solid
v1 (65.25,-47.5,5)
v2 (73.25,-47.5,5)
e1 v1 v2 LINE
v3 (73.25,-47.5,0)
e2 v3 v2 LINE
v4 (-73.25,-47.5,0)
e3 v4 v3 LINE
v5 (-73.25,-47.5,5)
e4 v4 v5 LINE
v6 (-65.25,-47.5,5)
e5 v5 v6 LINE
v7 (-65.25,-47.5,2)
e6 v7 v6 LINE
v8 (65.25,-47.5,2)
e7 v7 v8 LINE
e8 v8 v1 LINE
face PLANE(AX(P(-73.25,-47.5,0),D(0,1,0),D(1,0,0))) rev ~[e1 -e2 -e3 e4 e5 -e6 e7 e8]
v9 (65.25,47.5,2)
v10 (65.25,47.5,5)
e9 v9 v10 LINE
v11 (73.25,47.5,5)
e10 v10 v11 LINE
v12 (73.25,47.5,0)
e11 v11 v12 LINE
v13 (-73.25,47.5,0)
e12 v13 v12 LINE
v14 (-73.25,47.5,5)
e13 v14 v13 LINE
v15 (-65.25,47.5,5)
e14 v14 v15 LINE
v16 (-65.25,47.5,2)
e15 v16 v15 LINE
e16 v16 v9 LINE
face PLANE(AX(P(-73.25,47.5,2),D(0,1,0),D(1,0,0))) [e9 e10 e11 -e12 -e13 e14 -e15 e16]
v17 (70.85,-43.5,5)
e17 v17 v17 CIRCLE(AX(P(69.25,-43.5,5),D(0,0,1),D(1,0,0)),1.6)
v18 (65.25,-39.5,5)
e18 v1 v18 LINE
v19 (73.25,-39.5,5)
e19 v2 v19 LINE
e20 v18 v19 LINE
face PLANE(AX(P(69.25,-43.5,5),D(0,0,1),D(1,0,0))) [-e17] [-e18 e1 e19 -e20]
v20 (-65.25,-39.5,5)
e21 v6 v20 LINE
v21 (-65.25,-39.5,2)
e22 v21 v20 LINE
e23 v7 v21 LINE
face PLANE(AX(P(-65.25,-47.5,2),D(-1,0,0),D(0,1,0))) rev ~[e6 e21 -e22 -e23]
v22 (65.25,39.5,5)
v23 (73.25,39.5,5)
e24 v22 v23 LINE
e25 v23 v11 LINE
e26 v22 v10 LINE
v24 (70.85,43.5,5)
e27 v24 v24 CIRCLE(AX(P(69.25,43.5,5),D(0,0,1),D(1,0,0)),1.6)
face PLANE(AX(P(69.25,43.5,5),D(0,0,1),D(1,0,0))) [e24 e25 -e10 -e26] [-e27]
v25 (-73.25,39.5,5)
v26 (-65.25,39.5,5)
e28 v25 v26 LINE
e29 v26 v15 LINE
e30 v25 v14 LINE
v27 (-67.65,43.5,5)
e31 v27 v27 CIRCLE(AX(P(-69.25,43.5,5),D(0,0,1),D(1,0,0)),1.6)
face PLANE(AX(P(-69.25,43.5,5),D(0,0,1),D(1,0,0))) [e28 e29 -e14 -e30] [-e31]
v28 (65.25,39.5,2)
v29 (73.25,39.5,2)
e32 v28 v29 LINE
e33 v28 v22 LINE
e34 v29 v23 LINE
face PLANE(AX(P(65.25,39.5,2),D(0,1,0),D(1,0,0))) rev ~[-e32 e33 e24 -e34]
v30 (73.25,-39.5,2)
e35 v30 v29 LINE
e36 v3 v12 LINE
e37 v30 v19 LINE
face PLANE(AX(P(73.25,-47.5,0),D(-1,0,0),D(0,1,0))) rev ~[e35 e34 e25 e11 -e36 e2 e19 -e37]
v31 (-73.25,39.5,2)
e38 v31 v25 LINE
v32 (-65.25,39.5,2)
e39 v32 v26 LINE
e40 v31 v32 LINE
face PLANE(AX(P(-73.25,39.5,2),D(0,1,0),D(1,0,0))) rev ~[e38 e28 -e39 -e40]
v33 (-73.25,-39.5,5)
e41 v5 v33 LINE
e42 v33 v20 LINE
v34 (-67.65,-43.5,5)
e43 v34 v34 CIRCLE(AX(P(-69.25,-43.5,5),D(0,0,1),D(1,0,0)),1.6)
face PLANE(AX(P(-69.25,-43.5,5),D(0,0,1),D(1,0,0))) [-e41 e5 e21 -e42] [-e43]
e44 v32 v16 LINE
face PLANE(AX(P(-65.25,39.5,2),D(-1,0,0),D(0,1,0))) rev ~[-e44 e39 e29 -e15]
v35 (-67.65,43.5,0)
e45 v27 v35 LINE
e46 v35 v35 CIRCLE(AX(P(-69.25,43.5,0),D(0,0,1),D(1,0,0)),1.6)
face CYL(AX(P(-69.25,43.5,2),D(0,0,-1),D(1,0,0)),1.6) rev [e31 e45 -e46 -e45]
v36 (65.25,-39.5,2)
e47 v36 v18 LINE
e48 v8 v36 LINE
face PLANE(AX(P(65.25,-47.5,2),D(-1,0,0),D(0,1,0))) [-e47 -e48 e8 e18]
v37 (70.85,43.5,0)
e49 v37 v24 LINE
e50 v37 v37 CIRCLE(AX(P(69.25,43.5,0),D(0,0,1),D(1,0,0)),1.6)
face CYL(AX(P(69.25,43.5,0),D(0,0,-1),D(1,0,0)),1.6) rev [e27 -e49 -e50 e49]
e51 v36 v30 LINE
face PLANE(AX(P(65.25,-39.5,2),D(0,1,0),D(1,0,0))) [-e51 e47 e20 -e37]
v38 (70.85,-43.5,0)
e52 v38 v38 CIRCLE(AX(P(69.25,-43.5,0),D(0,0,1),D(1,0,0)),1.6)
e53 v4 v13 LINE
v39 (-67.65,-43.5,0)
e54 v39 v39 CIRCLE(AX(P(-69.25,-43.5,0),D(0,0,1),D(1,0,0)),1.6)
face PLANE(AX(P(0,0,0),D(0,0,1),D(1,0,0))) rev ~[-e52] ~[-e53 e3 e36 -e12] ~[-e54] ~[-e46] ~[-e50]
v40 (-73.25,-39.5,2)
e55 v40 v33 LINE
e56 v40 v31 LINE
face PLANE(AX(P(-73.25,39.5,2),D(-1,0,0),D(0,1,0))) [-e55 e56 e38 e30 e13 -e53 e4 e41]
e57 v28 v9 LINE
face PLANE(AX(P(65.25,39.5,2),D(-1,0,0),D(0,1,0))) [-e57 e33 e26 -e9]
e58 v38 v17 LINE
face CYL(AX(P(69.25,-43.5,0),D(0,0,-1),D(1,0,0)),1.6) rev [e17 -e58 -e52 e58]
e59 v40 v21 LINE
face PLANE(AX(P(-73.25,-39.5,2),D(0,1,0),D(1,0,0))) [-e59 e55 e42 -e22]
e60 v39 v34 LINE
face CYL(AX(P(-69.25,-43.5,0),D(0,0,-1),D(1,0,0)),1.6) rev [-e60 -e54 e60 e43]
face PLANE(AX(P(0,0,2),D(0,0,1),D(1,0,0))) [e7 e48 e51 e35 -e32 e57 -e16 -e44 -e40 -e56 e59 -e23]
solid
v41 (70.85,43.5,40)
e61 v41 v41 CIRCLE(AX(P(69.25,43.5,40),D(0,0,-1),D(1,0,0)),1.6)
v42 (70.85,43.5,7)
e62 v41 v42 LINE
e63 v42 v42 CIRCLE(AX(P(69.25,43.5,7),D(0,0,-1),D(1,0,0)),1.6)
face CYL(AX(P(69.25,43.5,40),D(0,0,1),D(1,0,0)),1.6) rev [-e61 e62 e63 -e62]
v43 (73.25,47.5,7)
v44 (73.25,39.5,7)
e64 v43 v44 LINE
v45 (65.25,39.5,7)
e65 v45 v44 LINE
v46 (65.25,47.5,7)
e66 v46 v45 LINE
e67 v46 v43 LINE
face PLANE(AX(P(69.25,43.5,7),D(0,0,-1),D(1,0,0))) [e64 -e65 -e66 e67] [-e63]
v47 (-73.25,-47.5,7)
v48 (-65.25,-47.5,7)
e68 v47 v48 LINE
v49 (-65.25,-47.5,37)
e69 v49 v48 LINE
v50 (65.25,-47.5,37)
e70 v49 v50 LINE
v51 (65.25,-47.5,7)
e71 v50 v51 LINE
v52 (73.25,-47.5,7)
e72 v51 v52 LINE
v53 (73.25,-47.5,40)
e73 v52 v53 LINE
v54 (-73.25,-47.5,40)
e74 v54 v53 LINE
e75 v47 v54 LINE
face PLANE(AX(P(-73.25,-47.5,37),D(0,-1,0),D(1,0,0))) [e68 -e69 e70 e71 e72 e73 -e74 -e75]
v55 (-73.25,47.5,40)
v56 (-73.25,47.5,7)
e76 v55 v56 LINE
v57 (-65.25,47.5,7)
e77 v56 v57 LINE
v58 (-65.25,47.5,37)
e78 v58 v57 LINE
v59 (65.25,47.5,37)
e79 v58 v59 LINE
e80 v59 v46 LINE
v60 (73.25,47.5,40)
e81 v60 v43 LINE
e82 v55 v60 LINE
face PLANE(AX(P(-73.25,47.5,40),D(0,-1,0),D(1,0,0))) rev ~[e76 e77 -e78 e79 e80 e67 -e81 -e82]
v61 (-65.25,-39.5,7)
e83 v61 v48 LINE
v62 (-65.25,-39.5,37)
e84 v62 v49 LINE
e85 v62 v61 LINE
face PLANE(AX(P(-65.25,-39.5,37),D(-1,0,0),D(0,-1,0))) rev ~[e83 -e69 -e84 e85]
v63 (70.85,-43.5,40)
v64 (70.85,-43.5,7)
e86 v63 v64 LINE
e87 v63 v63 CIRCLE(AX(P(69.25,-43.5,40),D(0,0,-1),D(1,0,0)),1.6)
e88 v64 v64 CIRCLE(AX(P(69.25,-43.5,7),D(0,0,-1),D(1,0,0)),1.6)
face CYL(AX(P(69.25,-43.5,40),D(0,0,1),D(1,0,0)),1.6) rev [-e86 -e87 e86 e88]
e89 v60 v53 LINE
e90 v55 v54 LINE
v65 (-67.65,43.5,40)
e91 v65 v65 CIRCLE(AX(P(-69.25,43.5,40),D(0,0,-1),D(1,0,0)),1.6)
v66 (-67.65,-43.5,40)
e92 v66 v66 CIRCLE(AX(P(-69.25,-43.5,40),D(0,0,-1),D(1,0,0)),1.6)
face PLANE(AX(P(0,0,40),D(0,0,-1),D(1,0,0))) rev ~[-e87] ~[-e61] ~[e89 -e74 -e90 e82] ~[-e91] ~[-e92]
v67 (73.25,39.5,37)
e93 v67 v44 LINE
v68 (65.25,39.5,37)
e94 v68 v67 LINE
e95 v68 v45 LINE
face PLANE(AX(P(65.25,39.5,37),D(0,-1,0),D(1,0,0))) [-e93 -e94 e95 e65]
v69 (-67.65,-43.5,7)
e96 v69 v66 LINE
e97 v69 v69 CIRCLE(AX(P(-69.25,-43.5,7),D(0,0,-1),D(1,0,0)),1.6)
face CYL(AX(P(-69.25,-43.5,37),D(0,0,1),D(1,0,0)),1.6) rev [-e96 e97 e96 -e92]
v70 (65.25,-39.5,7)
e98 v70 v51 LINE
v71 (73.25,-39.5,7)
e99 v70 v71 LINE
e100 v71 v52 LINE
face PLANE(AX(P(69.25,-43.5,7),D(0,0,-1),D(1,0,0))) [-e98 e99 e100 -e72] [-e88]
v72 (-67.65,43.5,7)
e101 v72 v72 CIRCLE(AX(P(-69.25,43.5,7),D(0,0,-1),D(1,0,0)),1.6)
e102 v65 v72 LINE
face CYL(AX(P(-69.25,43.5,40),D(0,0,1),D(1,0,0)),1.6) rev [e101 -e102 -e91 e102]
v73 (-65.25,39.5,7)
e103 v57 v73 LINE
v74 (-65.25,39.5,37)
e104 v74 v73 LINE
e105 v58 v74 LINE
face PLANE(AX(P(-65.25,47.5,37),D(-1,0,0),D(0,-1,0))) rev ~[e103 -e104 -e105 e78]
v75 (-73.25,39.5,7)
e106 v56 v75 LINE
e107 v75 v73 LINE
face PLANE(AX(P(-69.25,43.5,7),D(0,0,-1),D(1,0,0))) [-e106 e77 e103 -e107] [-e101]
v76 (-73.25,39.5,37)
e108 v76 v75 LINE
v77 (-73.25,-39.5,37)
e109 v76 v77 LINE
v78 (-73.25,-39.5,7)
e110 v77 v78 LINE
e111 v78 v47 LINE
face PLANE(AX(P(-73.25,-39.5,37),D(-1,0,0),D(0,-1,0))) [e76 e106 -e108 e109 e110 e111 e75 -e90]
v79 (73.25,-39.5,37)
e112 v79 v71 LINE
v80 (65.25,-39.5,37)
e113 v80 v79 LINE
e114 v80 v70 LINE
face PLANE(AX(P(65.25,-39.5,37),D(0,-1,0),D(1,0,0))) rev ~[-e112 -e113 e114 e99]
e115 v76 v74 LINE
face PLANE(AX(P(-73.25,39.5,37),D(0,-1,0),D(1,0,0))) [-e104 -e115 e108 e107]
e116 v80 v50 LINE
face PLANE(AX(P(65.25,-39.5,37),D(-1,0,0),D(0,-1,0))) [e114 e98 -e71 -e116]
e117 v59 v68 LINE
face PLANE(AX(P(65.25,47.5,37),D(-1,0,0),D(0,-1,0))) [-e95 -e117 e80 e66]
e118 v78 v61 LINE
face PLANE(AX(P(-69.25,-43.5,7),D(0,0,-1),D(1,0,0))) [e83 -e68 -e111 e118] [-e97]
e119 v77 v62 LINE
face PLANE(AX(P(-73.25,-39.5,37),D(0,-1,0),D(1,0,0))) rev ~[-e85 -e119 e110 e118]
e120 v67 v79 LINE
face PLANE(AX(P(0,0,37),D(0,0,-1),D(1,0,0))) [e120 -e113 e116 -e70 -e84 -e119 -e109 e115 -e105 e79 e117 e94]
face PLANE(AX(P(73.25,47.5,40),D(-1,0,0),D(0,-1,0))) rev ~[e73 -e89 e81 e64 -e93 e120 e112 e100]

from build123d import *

# Parameters (mm, degrees)
SKETCH_W     = 146.5
SKETCH_H     = 95
SKETCH_R     = 1.6
PAD_DEPTH    = 2
SKETCH001_W  = 8
SKETCH001_H  = 8
SKETCH001_R  = 1.6
PAD001_DEPTH = 3
SKETCH002_W  = 146.5
SKETCH002_H  = 95
SKETCH002_R  = 1.6
PAD002_DEPTH = 3
SKETCH003_W  = 8
SKETCH003_H  = 8
SKETCH003_R  = 1.6
PAD003_DEPTH = 30


with BuildPart() as pad001:
    # Sketch → Pad (new body)
    with BuildSketch(Plane.XY):
        Rectangle(SKETCH_W, SKETCH_H)
        with Locations((-69.25, -43.5)):
            Circle(SKETCH_R, mode=Mode.SUBTRACT)
        with Locations((69.25, 43.5)):
            Circle(SKETCH_R, mode=Mode.SUBTRACT)
        with Locations((69.25, -43.5)):
            Circle(SKETCH_R, mode=Mode.SUBTRACT)
        with Locations((-69.25, 43.5)):
            Circle(SKETCH_R, mode=Mode.SUBTRACT)
    extrude(amount=PAD_DEPTH)

    # Sketch001 → Pad001 (new body)
    with BuildSketch(Plane.XY.offset(2)):
        with Locations((-69.25, 43.5)):
            Rectangle(SKETCH001_W, SKETCH001_H)
        with Locations((-69.25, 43.5)):
            Circle(SKETCH001_R, mode=Mode.SUBTRACT)
        with Locations((69.25, 43.5)):
            Rectangle(SKETCH001_W, SKETCH001_H)
        with Locations((69.25, 43.5)):
            Circle(SKETCH001_R, mode=Mode.SUBTRACT)
        with Locations((69.25, -43.5)):
            Rectangle(SKETCH001_W, SKETCH001_H)
        with Locations((69.25, -43.5)):
            Circle(SKETCH001_R, mode=Mode.SUBTRACT)
        with Locations((-69.25, -43.5)):
            Rectangle(SKETCH001_W, SKETCH001_H)
        with Locations((-69.25, -43.5)):
            Circle(SKETCH001_R, mode=Mode.SUBTRACT)
    extrude(amount=PAD001_DEPTH)


with BuildPart() as pad003:
    # Sketch002 → Pad002 (new body)
    with BuildSketch(Plane(origin=(0, 0, 40), x_dir=(1, 0, 0), z_dir=(0, 0, -1))):
        Rectangle(SKETCH002_W, SKETCH002_H)
        with Locations((-69.25, -43.5)):
            Circle(SKETCH002_R, mode=Mode.SUBTRACT)
        with Locations((69.25, 43.5)):
            Circle(SKETCH002_R, mode=Mode.SUBTRACT)
        with Locations((69.25, -43.5)):
            Circle(SKETCH002_R, mode=Mode.SUBTRACT)
        with Locations((-69.25, 43.5)):
            Circle(SKETCH002_R, mode=Mode.SUBTRACT)
    extrude(amount=PAD002_DEPTH)

    # Sketch003 → Pad003 (new body)
    with BuildSketch(Plane(origin=(0, 0, 37), x_dir=(1, 0, 0), z_dir=(0, 0, -1))):
        with Locations((-69.25, 43.5)):
            Rectangle(SKETCH003_W, SKETCH003_H)
        with Locations((-69.25, 43.5)):
            Circle(SKETCH003_R, mode=Mode.SUBTRACT)
        with Locations((69.25, 43.5)):
            Rectangle(SKETCH003_W, SKETCH003_H)
        with Locations((69.25, 43.5)):
            Circle(SKETCH003_R, mode=Mode.SUBTRACT)
        with Locations((69.25, -43.5)):
            Rectangle(SKETCH003_W, SKETCH003_H)
        with Locations((69.25, -43.5)):
            Circle(SKETCH003_R, mode=Mode.SUBTRACT)
        with Locations((-69.25, -43.5)):
            Rectangle(SKETCH003_W, SKETCH003_H)
        with Locations((-69.25, -43.5)):
            Circle(SKETCH003_R, mode=Mode.SUBTRACT)
    extrude(amount=PAD003_DEPTH)


solid = Compound([pad001.part, pad003.part])
